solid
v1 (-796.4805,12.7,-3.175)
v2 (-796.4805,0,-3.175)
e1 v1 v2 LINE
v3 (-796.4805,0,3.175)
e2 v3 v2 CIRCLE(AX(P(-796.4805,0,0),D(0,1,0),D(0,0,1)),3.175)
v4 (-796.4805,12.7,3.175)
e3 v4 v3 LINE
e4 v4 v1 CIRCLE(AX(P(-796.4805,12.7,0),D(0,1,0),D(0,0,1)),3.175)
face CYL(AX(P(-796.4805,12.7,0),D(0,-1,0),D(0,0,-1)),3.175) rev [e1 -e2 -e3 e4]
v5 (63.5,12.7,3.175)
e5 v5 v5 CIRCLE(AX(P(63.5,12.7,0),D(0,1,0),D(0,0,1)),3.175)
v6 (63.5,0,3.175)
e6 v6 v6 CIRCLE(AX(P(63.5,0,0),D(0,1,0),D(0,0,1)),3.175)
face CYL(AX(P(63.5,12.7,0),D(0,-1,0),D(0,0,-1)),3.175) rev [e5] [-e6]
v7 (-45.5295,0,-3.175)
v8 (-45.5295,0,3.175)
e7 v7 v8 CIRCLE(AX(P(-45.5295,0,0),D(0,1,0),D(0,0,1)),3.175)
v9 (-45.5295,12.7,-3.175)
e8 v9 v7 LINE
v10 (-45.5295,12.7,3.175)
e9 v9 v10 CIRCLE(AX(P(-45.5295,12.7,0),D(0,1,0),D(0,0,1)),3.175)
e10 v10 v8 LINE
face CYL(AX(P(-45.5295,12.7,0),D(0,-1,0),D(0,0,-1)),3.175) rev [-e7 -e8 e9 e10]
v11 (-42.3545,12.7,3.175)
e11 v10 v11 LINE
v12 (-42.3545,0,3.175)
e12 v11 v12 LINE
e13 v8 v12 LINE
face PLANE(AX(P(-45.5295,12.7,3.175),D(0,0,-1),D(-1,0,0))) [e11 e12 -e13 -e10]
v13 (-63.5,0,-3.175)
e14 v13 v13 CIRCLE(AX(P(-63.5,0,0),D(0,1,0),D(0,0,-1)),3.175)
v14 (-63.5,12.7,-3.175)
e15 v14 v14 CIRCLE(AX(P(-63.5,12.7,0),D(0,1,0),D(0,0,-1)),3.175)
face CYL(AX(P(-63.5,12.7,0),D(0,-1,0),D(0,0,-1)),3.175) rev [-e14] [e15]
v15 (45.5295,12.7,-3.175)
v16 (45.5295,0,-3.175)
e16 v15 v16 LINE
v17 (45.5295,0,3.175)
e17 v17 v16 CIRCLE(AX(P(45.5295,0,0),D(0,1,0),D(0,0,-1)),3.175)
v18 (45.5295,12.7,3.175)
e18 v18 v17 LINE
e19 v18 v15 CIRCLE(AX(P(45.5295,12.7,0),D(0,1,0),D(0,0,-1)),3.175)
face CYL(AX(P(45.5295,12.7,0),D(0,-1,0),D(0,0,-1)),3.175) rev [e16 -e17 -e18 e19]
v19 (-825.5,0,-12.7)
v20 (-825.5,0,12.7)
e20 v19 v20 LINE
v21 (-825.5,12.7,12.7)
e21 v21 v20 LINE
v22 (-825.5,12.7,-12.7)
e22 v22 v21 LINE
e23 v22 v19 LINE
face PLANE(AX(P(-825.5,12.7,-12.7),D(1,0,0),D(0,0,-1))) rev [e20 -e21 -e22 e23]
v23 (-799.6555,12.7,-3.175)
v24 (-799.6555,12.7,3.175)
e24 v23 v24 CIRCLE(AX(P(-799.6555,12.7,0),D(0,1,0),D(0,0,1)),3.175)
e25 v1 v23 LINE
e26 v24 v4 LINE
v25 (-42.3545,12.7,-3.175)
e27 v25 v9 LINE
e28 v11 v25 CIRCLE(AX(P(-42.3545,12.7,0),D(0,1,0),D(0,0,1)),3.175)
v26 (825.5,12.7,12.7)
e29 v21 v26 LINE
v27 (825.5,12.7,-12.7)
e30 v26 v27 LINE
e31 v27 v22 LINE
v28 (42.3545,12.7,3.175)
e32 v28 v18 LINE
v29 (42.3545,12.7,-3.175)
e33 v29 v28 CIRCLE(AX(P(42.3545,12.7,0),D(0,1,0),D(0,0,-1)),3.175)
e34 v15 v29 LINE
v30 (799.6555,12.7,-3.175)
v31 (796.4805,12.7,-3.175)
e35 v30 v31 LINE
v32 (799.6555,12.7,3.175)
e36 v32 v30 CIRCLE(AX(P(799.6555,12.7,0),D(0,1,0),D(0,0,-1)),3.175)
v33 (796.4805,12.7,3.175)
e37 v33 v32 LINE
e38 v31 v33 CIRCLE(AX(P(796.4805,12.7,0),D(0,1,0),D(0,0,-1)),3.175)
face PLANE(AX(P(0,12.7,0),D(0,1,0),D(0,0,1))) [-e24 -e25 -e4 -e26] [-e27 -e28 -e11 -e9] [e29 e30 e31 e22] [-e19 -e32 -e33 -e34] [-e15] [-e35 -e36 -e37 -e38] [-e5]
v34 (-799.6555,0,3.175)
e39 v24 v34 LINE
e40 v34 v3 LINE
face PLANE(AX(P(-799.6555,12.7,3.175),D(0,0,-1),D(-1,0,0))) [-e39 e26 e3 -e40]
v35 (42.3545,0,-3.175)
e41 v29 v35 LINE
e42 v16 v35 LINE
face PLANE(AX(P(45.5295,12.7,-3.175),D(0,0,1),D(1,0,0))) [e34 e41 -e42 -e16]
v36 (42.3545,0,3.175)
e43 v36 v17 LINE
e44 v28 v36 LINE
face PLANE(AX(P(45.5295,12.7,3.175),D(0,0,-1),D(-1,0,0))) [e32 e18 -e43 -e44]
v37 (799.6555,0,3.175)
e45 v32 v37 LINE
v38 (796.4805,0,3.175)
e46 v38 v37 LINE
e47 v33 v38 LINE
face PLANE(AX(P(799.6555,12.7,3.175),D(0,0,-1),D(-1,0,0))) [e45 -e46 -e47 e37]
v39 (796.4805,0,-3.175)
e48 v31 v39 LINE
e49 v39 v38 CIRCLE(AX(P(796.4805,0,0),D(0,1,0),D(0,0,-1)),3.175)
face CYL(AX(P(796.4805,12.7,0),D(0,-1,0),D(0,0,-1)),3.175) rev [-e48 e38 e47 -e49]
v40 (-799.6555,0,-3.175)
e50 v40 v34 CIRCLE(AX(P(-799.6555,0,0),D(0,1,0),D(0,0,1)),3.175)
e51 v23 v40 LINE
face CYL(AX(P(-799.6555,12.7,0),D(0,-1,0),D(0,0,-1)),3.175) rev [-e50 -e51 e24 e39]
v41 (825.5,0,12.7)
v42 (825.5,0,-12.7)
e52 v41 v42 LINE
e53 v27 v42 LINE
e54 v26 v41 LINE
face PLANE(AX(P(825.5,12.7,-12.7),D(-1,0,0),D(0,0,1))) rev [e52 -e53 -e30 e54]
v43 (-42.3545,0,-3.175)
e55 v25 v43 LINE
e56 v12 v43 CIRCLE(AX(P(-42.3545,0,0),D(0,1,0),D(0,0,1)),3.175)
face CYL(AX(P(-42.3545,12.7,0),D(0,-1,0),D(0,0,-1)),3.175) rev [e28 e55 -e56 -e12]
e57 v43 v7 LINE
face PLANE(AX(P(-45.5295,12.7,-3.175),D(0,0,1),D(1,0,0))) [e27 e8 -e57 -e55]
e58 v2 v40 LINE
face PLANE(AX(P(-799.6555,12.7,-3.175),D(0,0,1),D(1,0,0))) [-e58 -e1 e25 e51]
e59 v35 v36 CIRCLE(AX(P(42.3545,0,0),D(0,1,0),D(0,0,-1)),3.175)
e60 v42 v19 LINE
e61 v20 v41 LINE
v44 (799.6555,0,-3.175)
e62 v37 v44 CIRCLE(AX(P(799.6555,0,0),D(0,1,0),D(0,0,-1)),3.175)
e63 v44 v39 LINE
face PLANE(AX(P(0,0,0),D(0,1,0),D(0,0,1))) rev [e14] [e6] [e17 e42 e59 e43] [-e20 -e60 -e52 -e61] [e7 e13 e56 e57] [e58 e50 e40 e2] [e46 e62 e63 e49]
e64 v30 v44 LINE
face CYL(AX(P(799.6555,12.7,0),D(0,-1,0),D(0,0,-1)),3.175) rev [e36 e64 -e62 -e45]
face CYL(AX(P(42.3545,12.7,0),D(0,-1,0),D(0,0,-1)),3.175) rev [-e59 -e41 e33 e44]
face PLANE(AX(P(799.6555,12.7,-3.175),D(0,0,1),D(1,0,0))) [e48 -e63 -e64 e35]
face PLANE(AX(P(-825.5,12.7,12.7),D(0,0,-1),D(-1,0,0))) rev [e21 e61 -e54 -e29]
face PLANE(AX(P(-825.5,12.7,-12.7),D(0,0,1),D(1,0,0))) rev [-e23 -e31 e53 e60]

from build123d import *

# Parameters (mm, degrees)
SKETCH1_W           = 1651
SKETCH1_H           = 25.4
SKETCH1_R           = 3.175
BOSS_EXTRUDE1_DEPTH = 12.7


with BuildPart() as part:
    # Sketch1 → Boss-Extrude1 (new body)
    with BuildSketch(Plane(origin=(0, 0, 0), x_dir=(1, 0, 0), z_dir=(0, 1, 0))):
        Rectangle(SKETCH1_W, SKETCH1_H)
        with Locations((63.5, 0)):
            Circle(SKETCH1_R, mode=Mode.SUBTRACT)
        with Locations((-63.5, 0)):
            Circle(SKETCH1_R, mode=Mode.SUBTRACT)
        with BuildLine():
            Line((-799.6555, 3.175), (-796.4805, 3.175))
            ThreePointArc((-796.4805, 3.175), (-793.3055, 0), (-796.4805, -3.175))
            Line((-796.4805, -3.175), (-799.6555, -3.175))
            ThreePointArc((-799.6555, -3.175), (-802.8305, 0), (-799.6555, 3.175))
        make_face(mode=Mode.SUBTRACT)
        with BuildLine():
            Line((-45.5295, 3.175), (-42.3545, 3.175))
            ThreePointArc((-42.3545, 3.175), (-39.1795, 0), (-42.3545, -3.175))
            Line((-42.3545, -3.175), (-45.5295, -3.175))
            ThreePointArc((-45.5295, -3.175), (-48.7045, 0), (-45.5295, 3.175))
        make_face(mode=Mode.SUBTRACT)
        with BuildLine():
            Line((45.5295, 3.175), (42.3545, 3.175))
            ThreePointArc((42.3545, 3.175), (39.1795, 0), (42.3545, -3.175))
            Line((42.3545, -3.175), (45.5295, -3.175))
            ThreePointArc((45.5295, -3.175), (48.7045, 0), (45.5295, 3.175))
        make_face(mode=Mode.SUBTRACT)
        with BuildLine():
            Line((799.6555, 3.175), (796.4805, 3.175))
            ThreePointArc((796.4805, 3.175), (793.3055, 0), (796.4805, -3.175))
            Line((796.4805, -3.175), (799.6555, -3.175))
            ThreePointArc((799.6555, -3.175), (802.8305, 0), (799.6555, 3.175))
        make_face(mode=Mode.SUBTRACT)
    extrude(amount=BOSS_EXTRUDE1_DEPTH)


solid = part.part
